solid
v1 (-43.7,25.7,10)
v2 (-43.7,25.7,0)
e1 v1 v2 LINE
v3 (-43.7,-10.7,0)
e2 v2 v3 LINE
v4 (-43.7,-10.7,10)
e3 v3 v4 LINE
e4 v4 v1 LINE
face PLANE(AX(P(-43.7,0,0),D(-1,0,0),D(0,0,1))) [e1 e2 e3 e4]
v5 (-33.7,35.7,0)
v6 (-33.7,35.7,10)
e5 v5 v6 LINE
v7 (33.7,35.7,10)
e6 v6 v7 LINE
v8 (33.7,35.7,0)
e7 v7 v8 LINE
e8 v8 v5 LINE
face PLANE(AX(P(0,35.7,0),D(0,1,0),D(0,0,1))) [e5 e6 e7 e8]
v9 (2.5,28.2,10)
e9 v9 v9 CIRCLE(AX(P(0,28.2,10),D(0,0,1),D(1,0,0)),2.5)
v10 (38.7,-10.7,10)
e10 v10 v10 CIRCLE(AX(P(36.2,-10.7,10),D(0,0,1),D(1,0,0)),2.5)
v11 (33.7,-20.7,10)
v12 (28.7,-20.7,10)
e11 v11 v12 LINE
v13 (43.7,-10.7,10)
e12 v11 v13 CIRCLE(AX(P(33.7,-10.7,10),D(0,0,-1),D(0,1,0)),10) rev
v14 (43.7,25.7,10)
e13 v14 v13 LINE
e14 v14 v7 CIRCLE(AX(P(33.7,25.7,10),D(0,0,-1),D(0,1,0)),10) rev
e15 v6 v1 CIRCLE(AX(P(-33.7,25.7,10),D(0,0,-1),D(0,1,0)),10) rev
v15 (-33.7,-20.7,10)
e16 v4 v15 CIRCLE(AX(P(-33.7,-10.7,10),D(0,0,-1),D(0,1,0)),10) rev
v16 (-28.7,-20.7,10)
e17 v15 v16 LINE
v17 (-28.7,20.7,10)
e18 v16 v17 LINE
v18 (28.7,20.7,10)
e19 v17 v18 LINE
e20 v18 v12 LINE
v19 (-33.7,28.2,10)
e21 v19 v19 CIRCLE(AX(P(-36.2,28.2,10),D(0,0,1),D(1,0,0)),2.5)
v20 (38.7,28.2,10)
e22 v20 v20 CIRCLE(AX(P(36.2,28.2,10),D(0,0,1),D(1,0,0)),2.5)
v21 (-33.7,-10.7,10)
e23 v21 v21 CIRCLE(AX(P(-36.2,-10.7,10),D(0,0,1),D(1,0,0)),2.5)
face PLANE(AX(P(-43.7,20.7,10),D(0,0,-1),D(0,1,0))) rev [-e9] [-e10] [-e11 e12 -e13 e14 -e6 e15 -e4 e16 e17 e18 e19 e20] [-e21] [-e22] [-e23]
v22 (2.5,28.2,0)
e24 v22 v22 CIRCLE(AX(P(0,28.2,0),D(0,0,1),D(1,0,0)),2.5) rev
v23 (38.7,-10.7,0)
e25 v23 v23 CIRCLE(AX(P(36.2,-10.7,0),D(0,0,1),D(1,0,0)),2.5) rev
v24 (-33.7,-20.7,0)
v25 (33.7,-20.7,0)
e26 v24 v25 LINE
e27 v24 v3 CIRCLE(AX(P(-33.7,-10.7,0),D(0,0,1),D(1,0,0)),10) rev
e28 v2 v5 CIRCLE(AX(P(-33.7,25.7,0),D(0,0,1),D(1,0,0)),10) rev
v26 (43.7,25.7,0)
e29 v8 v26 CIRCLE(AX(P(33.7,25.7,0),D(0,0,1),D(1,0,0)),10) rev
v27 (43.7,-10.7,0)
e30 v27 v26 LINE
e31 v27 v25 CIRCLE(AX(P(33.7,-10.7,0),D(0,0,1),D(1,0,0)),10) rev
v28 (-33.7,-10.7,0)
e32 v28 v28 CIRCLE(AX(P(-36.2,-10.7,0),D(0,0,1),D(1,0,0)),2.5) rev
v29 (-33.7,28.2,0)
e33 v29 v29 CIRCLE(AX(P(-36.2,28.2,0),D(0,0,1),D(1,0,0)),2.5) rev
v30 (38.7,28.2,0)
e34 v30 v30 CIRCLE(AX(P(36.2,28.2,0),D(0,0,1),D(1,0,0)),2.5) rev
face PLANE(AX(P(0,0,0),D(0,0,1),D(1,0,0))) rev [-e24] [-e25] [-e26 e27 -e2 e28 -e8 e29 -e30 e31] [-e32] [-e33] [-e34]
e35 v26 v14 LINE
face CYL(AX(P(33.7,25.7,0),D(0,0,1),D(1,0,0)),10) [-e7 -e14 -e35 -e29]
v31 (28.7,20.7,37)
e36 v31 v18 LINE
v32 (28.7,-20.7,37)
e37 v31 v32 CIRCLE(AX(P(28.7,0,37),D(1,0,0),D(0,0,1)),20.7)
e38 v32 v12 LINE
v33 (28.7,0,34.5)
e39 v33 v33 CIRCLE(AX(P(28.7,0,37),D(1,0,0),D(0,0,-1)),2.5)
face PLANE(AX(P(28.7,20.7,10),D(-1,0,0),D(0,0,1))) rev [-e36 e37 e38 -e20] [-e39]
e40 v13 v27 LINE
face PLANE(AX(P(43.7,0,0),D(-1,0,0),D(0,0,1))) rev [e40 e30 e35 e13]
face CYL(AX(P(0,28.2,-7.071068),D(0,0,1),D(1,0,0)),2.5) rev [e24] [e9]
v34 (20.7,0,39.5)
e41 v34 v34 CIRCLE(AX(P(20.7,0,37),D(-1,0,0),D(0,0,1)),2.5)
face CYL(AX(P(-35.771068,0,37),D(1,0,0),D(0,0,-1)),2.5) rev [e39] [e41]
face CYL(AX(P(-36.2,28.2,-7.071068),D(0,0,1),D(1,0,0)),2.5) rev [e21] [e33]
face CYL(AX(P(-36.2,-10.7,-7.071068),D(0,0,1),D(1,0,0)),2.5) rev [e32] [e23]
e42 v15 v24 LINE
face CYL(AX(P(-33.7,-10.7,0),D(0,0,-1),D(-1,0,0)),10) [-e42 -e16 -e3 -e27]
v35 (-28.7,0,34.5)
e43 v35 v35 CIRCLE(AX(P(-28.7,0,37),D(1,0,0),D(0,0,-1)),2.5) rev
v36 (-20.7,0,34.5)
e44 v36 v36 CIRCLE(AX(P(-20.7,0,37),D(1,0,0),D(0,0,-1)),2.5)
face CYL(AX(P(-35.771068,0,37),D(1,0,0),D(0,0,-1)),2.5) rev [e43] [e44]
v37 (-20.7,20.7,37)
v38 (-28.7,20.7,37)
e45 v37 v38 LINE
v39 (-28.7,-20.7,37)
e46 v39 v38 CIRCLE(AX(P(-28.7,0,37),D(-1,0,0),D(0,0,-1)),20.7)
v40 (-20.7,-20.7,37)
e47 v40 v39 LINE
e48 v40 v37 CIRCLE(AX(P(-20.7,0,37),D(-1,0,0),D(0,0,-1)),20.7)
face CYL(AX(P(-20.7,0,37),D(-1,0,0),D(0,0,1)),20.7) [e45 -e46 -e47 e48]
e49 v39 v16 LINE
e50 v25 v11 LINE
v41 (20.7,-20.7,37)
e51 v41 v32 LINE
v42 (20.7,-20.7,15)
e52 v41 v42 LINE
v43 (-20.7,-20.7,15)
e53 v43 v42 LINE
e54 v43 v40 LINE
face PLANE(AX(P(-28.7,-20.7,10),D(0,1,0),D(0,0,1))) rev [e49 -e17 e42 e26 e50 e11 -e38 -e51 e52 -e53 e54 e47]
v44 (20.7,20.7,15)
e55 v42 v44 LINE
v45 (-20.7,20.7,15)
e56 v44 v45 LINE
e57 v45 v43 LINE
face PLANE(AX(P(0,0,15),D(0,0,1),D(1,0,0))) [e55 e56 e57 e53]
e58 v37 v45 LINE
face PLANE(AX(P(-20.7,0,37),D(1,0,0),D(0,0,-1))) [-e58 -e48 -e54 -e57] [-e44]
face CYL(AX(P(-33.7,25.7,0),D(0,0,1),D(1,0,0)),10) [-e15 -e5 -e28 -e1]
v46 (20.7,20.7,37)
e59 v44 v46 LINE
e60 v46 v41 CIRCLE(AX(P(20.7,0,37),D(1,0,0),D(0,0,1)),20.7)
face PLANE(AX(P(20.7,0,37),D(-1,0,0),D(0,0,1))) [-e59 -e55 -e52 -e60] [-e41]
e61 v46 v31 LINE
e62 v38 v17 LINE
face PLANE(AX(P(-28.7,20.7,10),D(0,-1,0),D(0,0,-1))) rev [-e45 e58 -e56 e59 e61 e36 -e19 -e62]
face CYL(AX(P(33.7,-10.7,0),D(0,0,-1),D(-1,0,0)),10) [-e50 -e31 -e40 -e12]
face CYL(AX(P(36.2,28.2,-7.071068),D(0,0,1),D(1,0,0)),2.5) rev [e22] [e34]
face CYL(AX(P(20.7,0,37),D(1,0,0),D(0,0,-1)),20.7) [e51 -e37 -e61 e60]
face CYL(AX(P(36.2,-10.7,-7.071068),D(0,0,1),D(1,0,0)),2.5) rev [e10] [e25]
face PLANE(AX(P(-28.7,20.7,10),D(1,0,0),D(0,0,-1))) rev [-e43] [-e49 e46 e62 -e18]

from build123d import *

# Parameters (mm, degrees)
SKETCH1_W           = 57.4
SKETCH1_H           = 41.4
BOSS_EXTRUDE1_DEPTH = 10
SKETCH2_W           = 57.4
SKETCH2_H           = 41.4
BOSS_EXTRUDE2_DEPTH = 5
BOSS_EXTRUDE3_DEPTH = 8
BOSS_EXTRUDE4_START = -8
BOSS_EXTRUDE4_DEPTH = 8
CUT_EXTRUDE1_REACH  = 85.979
SKETCH6_R           = 2.5
SKETCH11_W          = 10
SKETCH11_H          = 41.4
BOSS_EXTRUDE5_DEPTH = 15
SKETCH12_W          = 10
SKETCH12_H          = 41.4
BOSS_EXTRUDE6_DEPTH = 15
SKETCH13_W          = 87.4
SKETCH13_H          = 10
BOSS_EXTRUDE7_DEPTH = 15
SKETCH14_R          = 2.5
CUT_EXTRUDE2_DEPTH  = 10
FILLET1_R           = 10


with BuildPart() as part:
    # Sketch1 → Boss-Extrude1 (new body)
    with BuildSketch(Plane.XY):
        Rectangle(SKETCH1_W, SKETCH1_H)
    extrude(amount=BOSS_EXTRUDE1_DEPTH)

    # Sketch2 → Boss-Extrude2 (add)
    with BuildSketch(Plane.XY.offset(10)):
        Rectangle(SKETCH2_W, SKETCH2_H)
    extrude(amount=BOSS_EXTRUDE2_DEPTH)

    # Sketch4 → Boss-Extrude3 (add)
    with BuildSketch(Plane(origin=(28.7, 0, 0), x_dir=(0, 0, -1), z_dir=(1, 0, 0))):
        with BuildLine():
            Line((-15, -20.7), (-15, 20.7))
            Line((-15, 20.7), (-37, 20.7))
            ThreePointArc((-37, 20.7), (-57.7, 0), (-37, -20.7))
            Line((-37, -20.7), (-15, -20.7))
        make_face()
    extrude(amount=-BOSS_EXTRUDE3_DEPTH)

    # Sketch5 → Boss-Extrude4 (add)
    with BuildSketch(Plane.ZY.offset(28.7).offset(BOSS_EXTRUDE4_START)):
        with BuildLine():
            Line((15, 20.7), (15, -20.7))
            Line((15, -20.7), (37, -20.7))
            ThreePointArc((37, -20.7), (57.7, 0), (37, 20.7))
            Line((37, 20.7), (15, 20.7))
        make_face()
    extrude(amount=BOSS_EXTRUDE4_DEPTH)

    # Cut-Extrude1: up to this face of the body (flat: up to its plane)
    cut_extrude1_end = Plane(part.part.faces().sort_by_distance((-28.7, 0, 26.829272143))[0])
    # Sketch6 → Cut-Extrude1 (cut, up to the picked face)
    with BuildSketch(Plane(origin=(28.7, 0, 0), x_dir=(0, 0, -1), z_dir=(1, 0, 0)), mode=Mode.PRIVATE) as cut_extrude1_sk1:
        with Locations((-37, 0)):
            Circle(SKETCH6_R)
    cut_extrude1_tool1 = split(extrude(cut_extrude1_sk1.sketch, amount=-CUT_EXTRUDE1_REACH, mode=Mode.PRIVATE), bisect_by=cut_extrude1_end, keep=Keep.BOTH, mode=Mode.PRIVATE)
    add(cut_extrude1_tool1.solids().sort_by(Axis((28.7, 0, 37), (-1, 0, 0)))[0], mode=Mode.SUBTRACT)

    # Sketch11 → Boss-Extrude5 (add)
    with BuildSketch(Plane.ZY.offset(28.7)):
        with Locations((5, 0)):
            Rectangle(SKETCH11_W, SKETCH11_H)
    extrude(amount=BOSS_EXTRUDE5_DEPTH)

    # Sketch12 → Boss-Extrude6 (add)
    with BuildSketch(Plane(origin=(28.7, 0, 0), x_dir=(0, 0, -1), z_dir=(1, 0, 0))):
        with Locations((-5, 0)):
            Rectangle(SKETCH12_W, SKETCH12_H)
    extrude(amount=BOSS_EXTRUDE6_DEPTH)

    # Sketch13 → Boss-Extrude7 (add)
    with BuildSketch(Plane(origin=(0, 20.7, 0), x_dir=(1, 0, 0), z_dir=(0, 1, 0))):
        with Locations((0, -5)):
            Rectangle(SKETCH13_W, SKETCH13_H)
    extrude(amount=BOSS_EXTRUDE7_DEPTH)

    # Sketch14 → Cut-Extrude2 (cut)
    with BuildSketch(Plane.XY.offset(10)):
        with Locations((-36.2, -10.7)):
            Circle(SKETCH14_R)
        with Locations((-36.2, 28.2)):
            Circle(SKETCH14_R)
        with Locations((36.2, 28.2)):
            Circle(SKETCH14_R)
        with Locations((36.2, -10.7)):
            Circle(SKETCH14_R)
        with Locations((0, 28.2)):
            Circle(SKETCH14_R)
    extrude(amount=-CUT_EXTRUDE2_DEPTH, mode=Mode.SUBTRACT)

    # Fillet1
    fillet1_edges = [part.edges().sort_by_distance(p)[0] for p in [
        (-43.7, -20.7, 5),
        (43.7, -20.7, 5),
        (-43.7, 35.7, 5),
        (43.7, 35.7, 5),
    ]]
    fillet(fillet1_edges, radius=FILLET1_R)


solid = part.part
